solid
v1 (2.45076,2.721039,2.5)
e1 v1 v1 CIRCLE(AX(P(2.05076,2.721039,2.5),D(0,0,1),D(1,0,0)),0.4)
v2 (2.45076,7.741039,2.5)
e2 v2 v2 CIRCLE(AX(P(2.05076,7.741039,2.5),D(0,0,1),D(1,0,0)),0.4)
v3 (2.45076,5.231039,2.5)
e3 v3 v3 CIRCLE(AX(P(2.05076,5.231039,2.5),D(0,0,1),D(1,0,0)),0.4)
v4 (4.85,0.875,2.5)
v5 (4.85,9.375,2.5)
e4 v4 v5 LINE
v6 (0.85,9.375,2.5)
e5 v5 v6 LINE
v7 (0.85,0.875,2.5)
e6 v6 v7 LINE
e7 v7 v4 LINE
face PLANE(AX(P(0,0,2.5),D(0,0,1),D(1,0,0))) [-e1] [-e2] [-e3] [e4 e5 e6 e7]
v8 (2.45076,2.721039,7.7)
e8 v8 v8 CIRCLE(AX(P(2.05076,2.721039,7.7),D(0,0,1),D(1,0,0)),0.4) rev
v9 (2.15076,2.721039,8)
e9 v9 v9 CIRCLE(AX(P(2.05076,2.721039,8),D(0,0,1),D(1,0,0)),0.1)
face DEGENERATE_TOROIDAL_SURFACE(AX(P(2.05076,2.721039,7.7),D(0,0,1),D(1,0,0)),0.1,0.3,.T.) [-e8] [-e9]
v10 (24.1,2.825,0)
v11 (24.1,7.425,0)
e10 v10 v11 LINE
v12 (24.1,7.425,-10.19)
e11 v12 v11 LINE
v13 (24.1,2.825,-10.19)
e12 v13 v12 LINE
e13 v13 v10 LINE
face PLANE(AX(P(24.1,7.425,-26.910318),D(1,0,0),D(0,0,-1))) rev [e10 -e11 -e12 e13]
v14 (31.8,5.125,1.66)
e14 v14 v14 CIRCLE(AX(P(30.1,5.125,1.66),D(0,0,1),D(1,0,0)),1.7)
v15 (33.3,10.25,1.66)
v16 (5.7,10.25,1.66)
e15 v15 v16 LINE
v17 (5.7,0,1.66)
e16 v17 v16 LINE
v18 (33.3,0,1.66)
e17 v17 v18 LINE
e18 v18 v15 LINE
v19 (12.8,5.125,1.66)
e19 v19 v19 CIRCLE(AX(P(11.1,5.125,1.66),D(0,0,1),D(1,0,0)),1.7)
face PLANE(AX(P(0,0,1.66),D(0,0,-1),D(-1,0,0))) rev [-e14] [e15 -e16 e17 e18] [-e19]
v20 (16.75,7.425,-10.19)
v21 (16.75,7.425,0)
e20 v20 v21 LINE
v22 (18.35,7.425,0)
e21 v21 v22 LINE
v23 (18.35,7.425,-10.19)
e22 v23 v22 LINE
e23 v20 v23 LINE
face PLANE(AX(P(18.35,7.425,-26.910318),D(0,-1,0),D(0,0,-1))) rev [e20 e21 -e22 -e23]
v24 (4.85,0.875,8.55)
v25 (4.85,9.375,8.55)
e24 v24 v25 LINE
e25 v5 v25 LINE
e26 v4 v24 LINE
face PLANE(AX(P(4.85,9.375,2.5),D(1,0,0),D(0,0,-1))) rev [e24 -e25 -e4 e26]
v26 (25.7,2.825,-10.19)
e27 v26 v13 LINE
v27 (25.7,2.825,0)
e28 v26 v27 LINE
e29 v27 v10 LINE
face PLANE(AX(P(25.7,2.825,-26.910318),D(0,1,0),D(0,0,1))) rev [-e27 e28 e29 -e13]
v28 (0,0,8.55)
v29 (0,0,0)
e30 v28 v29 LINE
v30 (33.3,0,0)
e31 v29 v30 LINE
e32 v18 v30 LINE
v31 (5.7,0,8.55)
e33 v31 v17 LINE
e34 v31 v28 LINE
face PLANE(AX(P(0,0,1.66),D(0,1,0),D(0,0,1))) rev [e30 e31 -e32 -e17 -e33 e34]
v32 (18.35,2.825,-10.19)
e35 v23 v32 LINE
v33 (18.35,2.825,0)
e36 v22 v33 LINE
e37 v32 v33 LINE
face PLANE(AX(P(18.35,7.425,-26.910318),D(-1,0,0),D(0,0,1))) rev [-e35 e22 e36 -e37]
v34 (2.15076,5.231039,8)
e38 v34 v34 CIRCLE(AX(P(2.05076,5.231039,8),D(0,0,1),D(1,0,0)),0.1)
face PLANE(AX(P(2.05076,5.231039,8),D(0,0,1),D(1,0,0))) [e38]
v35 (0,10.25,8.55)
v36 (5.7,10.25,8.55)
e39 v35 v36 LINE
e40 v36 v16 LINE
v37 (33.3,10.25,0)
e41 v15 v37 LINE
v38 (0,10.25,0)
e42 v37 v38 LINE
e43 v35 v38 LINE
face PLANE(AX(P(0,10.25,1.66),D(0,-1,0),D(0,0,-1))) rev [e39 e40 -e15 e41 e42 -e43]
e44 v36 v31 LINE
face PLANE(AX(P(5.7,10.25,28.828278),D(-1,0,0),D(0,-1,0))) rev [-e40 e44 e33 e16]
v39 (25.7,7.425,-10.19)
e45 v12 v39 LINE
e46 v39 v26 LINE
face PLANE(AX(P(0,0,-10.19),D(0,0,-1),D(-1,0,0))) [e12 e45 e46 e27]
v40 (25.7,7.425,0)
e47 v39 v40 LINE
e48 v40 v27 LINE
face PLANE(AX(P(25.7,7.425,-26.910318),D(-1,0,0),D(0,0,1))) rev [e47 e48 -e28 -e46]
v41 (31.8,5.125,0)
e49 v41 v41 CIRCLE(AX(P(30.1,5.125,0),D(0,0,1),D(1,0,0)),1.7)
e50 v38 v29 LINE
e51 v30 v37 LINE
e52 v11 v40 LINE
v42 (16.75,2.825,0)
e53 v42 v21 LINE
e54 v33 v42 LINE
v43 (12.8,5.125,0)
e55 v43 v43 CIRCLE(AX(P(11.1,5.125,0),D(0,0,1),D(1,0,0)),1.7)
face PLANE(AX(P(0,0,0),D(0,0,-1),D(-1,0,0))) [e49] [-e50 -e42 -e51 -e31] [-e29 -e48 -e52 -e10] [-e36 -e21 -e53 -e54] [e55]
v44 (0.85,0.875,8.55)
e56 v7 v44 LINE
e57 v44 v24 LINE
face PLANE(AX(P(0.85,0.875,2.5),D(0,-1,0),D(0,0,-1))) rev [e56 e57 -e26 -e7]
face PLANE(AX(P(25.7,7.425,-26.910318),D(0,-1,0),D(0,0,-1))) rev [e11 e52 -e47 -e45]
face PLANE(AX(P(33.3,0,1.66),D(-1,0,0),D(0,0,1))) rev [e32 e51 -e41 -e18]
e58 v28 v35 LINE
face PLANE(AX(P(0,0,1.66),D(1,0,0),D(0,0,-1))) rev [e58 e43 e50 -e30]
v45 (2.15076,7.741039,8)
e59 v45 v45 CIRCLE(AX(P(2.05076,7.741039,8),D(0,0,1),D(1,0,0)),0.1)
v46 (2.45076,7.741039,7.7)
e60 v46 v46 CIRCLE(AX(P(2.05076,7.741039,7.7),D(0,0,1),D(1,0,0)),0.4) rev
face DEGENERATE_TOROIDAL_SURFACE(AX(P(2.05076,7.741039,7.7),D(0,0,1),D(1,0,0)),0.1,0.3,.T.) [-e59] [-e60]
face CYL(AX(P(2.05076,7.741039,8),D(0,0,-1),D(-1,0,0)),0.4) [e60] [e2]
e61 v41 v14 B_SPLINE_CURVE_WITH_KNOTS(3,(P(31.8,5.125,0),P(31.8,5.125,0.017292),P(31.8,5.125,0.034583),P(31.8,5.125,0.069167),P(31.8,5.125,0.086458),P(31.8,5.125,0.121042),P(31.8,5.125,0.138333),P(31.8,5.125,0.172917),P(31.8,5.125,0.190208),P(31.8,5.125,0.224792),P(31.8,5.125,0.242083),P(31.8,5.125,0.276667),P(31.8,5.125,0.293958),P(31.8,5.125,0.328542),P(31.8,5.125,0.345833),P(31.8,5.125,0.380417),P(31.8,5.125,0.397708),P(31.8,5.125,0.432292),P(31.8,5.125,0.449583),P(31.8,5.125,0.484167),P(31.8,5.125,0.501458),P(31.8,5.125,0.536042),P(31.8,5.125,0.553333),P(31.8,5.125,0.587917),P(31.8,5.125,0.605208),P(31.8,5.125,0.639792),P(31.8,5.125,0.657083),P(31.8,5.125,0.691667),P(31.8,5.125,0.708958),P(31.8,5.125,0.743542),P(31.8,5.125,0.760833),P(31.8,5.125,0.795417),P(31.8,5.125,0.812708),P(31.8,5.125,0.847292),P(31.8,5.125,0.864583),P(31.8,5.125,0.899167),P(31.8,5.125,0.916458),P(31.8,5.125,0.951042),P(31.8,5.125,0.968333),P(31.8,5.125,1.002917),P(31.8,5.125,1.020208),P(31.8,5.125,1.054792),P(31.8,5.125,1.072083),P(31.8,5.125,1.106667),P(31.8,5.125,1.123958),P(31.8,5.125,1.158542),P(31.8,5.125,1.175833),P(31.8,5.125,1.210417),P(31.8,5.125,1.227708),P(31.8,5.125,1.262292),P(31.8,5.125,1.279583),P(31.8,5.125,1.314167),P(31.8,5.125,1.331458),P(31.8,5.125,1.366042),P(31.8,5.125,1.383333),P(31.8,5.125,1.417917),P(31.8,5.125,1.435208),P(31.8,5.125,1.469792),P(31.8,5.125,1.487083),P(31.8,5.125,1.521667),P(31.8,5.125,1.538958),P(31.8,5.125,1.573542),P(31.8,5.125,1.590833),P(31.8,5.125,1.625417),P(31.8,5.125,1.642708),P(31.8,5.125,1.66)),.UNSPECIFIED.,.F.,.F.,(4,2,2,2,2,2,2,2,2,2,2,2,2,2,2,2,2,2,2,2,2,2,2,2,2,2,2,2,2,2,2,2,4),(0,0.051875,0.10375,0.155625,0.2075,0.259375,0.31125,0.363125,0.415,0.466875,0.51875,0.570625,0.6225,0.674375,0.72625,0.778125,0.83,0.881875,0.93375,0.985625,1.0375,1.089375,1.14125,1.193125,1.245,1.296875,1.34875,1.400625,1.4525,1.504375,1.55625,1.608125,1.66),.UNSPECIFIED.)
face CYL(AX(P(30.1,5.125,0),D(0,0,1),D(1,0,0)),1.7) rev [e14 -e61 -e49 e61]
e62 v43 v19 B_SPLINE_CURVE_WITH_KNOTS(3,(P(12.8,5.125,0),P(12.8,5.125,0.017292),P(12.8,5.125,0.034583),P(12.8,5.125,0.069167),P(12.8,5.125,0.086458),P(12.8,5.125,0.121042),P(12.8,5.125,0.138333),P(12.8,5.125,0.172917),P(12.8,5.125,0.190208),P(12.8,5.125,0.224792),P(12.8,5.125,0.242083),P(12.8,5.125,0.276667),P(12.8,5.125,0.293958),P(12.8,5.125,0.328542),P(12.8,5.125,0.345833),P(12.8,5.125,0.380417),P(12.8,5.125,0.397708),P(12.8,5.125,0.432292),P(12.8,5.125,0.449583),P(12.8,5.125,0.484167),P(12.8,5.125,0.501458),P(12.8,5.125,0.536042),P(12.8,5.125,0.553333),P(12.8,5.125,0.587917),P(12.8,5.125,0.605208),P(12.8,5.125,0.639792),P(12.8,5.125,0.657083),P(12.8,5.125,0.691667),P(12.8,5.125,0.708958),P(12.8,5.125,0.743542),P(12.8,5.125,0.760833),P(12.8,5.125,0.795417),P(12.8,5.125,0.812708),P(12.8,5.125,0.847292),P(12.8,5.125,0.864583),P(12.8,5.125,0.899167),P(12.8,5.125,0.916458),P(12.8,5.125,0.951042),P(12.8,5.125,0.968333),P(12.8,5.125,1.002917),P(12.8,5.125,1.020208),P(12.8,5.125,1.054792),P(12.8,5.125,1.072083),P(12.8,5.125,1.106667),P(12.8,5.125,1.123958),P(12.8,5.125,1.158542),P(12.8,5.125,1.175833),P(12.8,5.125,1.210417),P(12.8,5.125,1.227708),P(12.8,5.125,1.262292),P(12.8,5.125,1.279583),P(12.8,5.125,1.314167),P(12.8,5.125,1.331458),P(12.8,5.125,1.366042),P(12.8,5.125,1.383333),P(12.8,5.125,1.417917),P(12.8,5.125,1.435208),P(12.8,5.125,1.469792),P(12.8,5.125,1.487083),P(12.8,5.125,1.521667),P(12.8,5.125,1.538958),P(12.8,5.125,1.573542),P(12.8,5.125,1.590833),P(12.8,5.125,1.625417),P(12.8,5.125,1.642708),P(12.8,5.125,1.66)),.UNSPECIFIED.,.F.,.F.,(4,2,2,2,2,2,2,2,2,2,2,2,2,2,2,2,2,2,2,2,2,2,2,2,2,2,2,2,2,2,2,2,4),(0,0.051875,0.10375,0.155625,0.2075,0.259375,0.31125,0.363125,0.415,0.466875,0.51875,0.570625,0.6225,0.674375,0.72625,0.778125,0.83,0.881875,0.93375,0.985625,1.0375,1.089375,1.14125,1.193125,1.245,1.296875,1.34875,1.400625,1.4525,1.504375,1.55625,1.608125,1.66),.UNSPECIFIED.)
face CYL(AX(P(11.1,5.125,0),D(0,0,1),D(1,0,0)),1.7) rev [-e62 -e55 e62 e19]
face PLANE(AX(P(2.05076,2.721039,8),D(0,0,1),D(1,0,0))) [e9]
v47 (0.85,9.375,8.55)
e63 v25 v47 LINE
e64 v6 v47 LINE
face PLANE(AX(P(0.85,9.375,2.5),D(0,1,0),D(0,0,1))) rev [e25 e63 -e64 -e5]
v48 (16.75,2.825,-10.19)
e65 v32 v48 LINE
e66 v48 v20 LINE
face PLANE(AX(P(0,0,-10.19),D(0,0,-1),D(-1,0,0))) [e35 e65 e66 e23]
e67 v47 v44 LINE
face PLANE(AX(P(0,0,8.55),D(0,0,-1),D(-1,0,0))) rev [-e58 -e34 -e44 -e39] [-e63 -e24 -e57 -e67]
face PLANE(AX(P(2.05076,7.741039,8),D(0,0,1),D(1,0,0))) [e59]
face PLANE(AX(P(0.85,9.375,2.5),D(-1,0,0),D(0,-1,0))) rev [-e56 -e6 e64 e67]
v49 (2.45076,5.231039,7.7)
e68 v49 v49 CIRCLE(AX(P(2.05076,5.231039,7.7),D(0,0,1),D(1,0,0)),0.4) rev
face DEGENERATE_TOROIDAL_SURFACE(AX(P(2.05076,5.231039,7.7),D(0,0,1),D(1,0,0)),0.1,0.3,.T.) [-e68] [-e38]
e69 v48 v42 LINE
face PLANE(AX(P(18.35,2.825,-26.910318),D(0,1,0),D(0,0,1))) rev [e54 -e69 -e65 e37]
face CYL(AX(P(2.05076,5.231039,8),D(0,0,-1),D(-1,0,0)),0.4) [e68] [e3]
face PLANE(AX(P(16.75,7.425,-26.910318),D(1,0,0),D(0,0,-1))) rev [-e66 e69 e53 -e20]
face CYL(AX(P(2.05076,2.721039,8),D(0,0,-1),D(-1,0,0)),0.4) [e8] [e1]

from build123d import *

# Parameters (mm, degrees)
SKETCH_1_W          = 33.3
SKETCH_1_H          = 10.25
EXTRUDE_1_DEPTH     = 1.66
SKETCH_2_W          = 5.7
SKETCH_2_H          = 10.25
EXTRUDE_3_DEPTH     = 6.89
SKETCH_3_W          = 4
SKETCH_3_H          = 8.5
CUT_EXTRUDE_1_DEPTH = 6.05
SKETCH_4_R          = 0.4
EXTRUDE_4_DEPTH     = 5.5
FILLET_1_R          = 0.3
SKETCH_5_R          = 1.7
CUT_EXTRUDE_2_DEPTH = 36.516539809
SKETCH_6_W          = 1.6
SKETCH_6_H          = 4.6
EXTRUDE_5_DEPTH     = 10.19


with BuildPart() as part:
    # Эскиз1 → Бобышка-Вытянуть1 (new body)
    with BuildSketch(Plane.XY):
        with Locations((16.65, 5.125)):
            Rectangle(SKETCH_1_W, SKETCH_1_H)
    extrude(amount=EXTRUDE_1_DEPTH)

    # Эскиз2 → Бобышка-Вытянуть3 (add)
    with BuildSketch(Plane.XY.offset(1.66)):
        with Locations((2.85, 5.125)):
            Rectangle(SKETCH_2_W, SKETCH_2_H)
    extrude(amount=EXTRUDE_3_DEPTH)

    # Эскиз3 → Вырез-Вытянуть1 (cut)
    with BuildSketch(Plane.XY.offset(8.55)):
        with Locations((2.85, 5.125)):
            Rectangle(SKETCH_3_W, SKETCH_3_H)
    extrude(amount=-CUT_EXTRUDE_1_DEPTH, mode=Mode.SUBTRACT)

    # Эскиз4 → Бобышка-Вытянуть4 (add)
    with BuildSketch(Plane.XY.offset(2.5)):
        with Locations((2.050760191, 5.231038637)):
            Circle(SKETCH_4_R)
        with Locations((2.050760191, 7.741038637)):
            Circle(SKETCH_4_R)
        with Locations((2.050760191, 2.721038637)):
            Circle(SKETCH_4_R)
    extrude(amount=EXTRUDE_4_DEPTH)

    # Скругление1
    fillet_1_edges = [part.edges().sort_by_distance(p)[0] for p in [
        (1.650760191, 5.231038637, 8),
        (1.650760191, 7.741038637, 8),
        (1.650760191, 2.721038637, 8),
    ]]
    fillet(fillet_1_edges, radius=FILLET_1_R)

    # Эскиз5 → Вырез-Вытянуть2 (cut, through all)
    with BuildSketch(Plane.XY.offset(1.66)):
        with Locations((11.1, 5.125)):
            Circle(SKETCH_5_R)
        with Locations((30.1, 5.125)):
            Circle(SKETCH_5_R)
    extrude(amount=-CUT_EXTRUDE_2_DEPTH, mode=Mode.SUBTRACT)

    # Эскиз6 → Бобышка-Вытянуть5 (add)
    with BuildSketch(Plane(origin=(0, 0, 0), x_dir=(-1, 0, 0), z_dir=(0, 0, -1))):
        with Locations((-24.9, 5.125)):
            Rectangle(SKETCH_6_W, SKETCH_6_H)
        with Locations((-17.55, 5.125)):
            Rectangle(SKETCH_6_W, SKETCH_6_H)
    extrude(amount=EXTRUDE_5_DEPTH)


solid = part.part
